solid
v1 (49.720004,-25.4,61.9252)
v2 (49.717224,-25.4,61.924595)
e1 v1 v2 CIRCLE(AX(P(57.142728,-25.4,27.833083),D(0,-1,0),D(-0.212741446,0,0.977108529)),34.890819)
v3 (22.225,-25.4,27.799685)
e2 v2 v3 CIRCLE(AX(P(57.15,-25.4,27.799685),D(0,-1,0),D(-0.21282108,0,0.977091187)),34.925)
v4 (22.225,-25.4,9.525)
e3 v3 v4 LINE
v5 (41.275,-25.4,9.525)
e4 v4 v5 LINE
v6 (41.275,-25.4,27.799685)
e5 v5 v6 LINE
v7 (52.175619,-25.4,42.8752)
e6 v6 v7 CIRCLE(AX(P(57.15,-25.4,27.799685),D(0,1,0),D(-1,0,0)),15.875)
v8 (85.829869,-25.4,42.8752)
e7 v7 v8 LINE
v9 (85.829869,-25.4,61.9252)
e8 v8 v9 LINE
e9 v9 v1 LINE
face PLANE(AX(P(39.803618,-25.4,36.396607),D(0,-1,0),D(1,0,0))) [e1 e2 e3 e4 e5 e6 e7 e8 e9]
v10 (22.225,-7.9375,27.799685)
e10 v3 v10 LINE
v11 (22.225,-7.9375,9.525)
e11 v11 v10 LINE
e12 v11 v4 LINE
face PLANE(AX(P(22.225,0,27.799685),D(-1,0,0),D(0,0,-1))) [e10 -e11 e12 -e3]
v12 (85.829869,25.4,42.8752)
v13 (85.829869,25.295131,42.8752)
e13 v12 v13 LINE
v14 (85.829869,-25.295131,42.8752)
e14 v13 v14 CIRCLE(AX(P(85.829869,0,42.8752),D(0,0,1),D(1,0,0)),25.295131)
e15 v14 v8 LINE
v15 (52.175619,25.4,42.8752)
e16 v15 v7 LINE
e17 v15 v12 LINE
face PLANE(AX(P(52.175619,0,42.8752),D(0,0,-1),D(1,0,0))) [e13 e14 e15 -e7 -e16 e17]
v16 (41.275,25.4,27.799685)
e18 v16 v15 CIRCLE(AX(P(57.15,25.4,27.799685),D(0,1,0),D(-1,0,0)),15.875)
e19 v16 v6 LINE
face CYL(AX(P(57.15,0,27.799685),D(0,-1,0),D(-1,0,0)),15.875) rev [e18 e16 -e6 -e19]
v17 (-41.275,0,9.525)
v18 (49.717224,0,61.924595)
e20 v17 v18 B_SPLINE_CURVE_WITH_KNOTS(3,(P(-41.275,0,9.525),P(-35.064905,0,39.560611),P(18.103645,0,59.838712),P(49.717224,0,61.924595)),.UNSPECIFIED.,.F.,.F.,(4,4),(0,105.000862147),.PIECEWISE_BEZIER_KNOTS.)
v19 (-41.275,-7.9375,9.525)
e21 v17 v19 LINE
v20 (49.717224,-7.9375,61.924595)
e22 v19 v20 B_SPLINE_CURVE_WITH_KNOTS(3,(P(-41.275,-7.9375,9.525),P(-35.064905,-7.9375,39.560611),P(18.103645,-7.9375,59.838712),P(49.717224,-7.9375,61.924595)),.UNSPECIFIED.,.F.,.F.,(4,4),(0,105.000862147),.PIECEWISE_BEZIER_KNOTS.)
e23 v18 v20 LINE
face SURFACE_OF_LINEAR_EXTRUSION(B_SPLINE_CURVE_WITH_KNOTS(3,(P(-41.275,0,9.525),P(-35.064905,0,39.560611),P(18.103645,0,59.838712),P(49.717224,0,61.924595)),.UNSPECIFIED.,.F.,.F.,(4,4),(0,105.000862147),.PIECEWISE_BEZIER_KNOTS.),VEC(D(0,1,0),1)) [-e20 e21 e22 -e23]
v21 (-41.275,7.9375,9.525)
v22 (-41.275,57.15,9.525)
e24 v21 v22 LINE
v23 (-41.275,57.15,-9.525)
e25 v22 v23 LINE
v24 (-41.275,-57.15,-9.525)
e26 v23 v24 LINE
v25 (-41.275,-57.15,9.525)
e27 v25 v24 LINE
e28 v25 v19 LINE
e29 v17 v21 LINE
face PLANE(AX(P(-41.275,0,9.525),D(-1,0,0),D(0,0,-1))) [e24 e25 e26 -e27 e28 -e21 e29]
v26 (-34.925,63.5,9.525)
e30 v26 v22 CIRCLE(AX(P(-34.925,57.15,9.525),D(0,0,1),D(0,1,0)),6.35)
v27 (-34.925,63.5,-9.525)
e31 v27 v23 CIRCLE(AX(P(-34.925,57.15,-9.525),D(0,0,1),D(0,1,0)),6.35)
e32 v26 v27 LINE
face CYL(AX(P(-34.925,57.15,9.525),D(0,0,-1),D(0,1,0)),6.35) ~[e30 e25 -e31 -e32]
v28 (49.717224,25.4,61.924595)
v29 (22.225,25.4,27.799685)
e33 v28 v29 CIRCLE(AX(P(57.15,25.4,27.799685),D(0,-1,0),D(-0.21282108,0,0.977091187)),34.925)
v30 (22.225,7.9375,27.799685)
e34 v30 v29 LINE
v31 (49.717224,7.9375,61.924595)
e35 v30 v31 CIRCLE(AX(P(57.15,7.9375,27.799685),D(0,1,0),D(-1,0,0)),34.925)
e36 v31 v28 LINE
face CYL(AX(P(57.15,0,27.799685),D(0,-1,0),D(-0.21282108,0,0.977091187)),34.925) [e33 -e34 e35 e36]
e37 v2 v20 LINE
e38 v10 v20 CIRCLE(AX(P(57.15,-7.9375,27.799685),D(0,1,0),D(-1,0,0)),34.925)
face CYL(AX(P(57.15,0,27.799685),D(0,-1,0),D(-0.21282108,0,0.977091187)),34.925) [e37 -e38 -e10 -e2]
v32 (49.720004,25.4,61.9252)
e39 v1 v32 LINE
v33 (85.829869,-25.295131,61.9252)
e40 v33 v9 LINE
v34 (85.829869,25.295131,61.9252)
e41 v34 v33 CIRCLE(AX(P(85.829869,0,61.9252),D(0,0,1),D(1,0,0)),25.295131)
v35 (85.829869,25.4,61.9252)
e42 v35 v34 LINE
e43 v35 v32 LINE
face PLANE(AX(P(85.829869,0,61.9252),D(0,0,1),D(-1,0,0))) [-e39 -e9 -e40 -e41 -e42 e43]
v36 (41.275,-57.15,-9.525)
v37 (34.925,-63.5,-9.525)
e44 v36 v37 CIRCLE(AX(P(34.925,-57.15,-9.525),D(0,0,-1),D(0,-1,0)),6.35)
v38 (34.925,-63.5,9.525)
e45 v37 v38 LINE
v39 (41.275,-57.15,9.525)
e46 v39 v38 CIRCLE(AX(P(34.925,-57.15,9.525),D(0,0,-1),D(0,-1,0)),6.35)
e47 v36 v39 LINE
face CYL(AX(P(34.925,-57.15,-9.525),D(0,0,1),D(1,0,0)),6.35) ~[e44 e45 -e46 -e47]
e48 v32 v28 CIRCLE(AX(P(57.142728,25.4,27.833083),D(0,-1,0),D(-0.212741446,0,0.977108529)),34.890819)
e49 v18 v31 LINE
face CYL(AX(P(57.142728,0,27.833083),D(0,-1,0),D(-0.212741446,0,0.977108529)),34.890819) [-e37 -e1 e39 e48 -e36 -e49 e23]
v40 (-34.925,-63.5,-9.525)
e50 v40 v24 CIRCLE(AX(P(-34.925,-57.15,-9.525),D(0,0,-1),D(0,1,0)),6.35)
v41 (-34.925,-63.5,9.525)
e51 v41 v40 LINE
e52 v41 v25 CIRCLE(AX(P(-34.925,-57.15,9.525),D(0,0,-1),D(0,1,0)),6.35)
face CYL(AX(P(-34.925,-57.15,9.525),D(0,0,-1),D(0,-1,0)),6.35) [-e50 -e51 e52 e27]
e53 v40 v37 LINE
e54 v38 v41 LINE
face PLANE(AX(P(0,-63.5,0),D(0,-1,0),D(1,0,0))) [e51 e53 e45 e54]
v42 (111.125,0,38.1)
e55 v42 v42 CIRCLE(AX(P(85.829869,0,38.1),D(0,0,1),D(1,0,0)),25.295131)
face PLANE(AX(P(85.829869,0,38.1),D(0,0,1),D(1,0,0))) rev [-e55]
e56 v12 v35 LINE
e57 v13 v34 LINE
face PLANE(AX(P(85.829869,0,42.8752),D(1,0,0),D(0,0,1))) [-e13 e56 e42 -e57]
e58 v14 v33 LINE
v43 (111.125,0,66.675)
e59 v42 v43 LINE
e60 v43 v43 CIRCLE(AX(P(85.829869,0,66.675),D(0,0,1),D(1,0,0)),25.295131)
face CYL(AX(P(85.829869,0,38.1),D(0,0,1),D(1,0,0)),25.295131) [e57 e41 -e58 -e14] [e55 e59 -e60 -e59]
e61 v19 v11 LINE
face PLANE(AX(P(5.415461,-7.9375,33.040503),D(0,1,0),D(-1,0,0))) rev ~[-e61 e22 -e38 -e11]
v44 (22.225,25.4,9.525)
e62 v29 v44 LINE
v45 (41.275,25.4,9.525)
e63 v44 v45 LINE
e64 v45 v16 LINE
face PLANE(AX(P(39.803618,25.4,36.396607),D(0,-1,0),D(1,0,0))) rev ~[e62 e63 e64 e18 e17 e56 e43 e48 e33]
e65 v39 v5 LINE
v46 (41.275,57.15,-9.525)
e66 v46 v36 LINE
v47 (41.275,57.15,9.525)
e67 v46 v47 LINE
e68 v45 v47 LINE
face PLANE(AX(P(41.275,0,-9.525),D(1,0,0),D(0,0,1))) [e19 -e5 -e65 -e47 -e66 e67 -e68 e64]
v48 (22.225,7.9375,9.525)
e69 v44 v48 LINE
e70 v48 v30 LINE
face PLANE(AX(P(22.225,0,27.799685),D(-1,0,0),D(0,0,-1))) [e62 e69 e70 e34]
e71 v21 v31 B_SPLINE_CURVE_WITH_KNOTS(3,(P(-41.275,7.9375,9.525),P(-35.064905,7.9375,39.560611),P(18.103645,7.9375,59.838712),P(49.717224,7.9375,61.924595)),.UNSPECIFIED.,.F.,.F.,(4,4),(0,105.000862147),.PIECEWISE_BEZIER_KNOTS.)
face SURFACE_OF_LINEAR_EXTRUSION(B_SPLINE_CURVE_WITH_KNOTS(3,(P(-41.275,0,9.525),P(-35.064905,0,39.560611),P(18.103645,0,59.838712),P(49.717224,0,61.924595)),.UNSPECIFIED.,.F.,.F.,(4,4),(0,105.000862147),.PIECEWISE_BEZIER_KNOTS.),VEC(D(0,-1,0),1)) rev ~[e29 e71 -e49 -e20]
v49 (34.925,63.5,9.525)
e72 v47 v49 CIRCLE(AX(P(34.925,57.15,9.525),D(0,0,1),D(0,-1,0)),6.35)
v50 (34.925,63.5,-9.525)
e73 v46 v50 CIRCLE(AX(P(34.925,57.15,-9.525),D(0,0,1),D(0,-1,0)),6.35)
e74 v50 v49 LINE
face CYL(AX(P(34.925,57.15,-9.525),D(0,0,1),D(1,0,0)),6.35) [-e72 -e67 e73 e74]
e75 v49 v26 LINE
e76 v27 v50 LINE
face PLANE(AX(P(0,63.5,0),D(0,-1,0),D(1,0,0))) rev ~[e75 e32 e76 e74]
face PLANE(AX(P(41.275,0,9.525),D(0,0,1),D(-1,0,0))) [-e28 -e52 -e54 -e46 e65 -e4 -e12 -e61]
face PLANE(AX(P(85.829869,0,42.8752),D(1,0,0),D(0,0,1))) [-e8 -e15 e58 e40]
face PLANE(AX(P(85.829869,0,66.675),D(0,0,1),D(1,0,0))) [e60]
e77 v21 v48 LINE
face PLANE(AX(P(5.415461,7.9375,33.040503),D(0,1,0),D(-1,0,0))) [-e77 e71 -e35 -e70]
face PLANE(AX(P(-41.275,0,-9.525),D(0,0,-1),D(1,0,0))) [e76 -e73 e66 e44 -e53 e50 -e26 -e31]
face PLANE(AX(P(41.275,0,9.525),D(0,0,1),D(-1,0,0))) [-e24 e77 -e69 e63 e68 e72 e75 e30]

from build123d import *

# Parameters (mm, degrees)
F1_DEPTH = 63.5
F0_W     = 25.5048689127
F0_H     = 19.05
F2_DEPTH = 25.4
F3_DEPTH = 7.9375
F5_R     = 6.35


with BuildPart() as f1:
    # F0 (on Front) → F1 (new body, symmetric)
    with BuildSketch(Plane.XZ):
        Polygon((22.225, 9.525), (-41.275, 9.525), (-41.275, -9.525), (41.275, -9.525), (41.275, 9.525), align=None)
    extrude(amount=F1_DEPTH, both=True)

    # F0 (on Front) → F2 (join, symmetric)
    with BuildSketch(Plane.XZ):
        with BuildLine():
            Line((22.225, 27.7996848035), (22.225, 9.525))
            Line((22.225, 9.525), (41.275, 9.525))
            Line((41.275, 9.525), (41.275, 27.7996848035))
            ThreePointArc((41.275, 27.7996848035), (44.2856320844, 37.1014944732), (52.1756189772, 42.8752))
            Line((52.1756189772, 42.8752), (60.325, 42.8752))
            Line((60.325, 42.8752), (60.325, 61.9252))
            Line((60.325, 61.9252), (49.7200042009, 61.9252))
            ThreePointArc((49.7200042009, 61.9252), (49.7186139898, 61.9248972859), (49.717223791, 61.9245945151))
            ThreePointArc((49.717223791, 61.9245945151), (29.9530761473, 49.7104802695), (22.225, 27.7996848035))
        make_face()
        with Locations((73.0774344563, 52.4002)):
            Rectangle(F0_W, F0_H)
    extrude(amount=F2_DEPTH, both=True)

    # F0 (on Front) → F3 (join, symmetric)
    with BuildSketch(Plane.XZ):
        with BuildLine():
            add(Edge.make_bspline(
                [(-41.275, 9.525), (-35.0649054053, 39.5606108994), (18.1036447727, 59.8387115969), (49.717223791, 61.9245945151)],
                knots=[0, 0, 0, 0, 105.000862147, 105.000862147, 105.000862147, 105.000862147], degree=3))
            Line((-41.275, 9.525), (22.225, 9.525))
            Line((22.225, 9.525), (22.225, 27.7996848035))
            ThreePointArc((22.225, 27.7996848035), (29.9530761473, 49.7104802695), (49.717223791, 61.9245945151))
        make_face()
    extrude(amount=F3_DEPTH, both=True)

    # F0 (on Front) → F4 (revolve)
    with BuildSketch(Plane.XZ):
        Polygon((85.8298689127, 66.675), (85.8298689127, 61.9252), (85.8298689127, 42.8752), (85.8298689127, 38.1), (111.125, 38.1), (111.125, 66.675), align=None)
    revolve(axis=Axis((85.8298689127, 0, 52.3875), (0, 0, 1)))

    # F5
    f5_edges = [f1.edges().sort_by_distance(p)[0] for p in [
        (41.275, 63.5, 0),
        (-41.275, 63.5, 0),
        (-41.275, -63.5, 0),
        (41.275, -63.5, 0),
    ]]
    fillet(f5_edges, radius=F5_R)


solid = f1.part
